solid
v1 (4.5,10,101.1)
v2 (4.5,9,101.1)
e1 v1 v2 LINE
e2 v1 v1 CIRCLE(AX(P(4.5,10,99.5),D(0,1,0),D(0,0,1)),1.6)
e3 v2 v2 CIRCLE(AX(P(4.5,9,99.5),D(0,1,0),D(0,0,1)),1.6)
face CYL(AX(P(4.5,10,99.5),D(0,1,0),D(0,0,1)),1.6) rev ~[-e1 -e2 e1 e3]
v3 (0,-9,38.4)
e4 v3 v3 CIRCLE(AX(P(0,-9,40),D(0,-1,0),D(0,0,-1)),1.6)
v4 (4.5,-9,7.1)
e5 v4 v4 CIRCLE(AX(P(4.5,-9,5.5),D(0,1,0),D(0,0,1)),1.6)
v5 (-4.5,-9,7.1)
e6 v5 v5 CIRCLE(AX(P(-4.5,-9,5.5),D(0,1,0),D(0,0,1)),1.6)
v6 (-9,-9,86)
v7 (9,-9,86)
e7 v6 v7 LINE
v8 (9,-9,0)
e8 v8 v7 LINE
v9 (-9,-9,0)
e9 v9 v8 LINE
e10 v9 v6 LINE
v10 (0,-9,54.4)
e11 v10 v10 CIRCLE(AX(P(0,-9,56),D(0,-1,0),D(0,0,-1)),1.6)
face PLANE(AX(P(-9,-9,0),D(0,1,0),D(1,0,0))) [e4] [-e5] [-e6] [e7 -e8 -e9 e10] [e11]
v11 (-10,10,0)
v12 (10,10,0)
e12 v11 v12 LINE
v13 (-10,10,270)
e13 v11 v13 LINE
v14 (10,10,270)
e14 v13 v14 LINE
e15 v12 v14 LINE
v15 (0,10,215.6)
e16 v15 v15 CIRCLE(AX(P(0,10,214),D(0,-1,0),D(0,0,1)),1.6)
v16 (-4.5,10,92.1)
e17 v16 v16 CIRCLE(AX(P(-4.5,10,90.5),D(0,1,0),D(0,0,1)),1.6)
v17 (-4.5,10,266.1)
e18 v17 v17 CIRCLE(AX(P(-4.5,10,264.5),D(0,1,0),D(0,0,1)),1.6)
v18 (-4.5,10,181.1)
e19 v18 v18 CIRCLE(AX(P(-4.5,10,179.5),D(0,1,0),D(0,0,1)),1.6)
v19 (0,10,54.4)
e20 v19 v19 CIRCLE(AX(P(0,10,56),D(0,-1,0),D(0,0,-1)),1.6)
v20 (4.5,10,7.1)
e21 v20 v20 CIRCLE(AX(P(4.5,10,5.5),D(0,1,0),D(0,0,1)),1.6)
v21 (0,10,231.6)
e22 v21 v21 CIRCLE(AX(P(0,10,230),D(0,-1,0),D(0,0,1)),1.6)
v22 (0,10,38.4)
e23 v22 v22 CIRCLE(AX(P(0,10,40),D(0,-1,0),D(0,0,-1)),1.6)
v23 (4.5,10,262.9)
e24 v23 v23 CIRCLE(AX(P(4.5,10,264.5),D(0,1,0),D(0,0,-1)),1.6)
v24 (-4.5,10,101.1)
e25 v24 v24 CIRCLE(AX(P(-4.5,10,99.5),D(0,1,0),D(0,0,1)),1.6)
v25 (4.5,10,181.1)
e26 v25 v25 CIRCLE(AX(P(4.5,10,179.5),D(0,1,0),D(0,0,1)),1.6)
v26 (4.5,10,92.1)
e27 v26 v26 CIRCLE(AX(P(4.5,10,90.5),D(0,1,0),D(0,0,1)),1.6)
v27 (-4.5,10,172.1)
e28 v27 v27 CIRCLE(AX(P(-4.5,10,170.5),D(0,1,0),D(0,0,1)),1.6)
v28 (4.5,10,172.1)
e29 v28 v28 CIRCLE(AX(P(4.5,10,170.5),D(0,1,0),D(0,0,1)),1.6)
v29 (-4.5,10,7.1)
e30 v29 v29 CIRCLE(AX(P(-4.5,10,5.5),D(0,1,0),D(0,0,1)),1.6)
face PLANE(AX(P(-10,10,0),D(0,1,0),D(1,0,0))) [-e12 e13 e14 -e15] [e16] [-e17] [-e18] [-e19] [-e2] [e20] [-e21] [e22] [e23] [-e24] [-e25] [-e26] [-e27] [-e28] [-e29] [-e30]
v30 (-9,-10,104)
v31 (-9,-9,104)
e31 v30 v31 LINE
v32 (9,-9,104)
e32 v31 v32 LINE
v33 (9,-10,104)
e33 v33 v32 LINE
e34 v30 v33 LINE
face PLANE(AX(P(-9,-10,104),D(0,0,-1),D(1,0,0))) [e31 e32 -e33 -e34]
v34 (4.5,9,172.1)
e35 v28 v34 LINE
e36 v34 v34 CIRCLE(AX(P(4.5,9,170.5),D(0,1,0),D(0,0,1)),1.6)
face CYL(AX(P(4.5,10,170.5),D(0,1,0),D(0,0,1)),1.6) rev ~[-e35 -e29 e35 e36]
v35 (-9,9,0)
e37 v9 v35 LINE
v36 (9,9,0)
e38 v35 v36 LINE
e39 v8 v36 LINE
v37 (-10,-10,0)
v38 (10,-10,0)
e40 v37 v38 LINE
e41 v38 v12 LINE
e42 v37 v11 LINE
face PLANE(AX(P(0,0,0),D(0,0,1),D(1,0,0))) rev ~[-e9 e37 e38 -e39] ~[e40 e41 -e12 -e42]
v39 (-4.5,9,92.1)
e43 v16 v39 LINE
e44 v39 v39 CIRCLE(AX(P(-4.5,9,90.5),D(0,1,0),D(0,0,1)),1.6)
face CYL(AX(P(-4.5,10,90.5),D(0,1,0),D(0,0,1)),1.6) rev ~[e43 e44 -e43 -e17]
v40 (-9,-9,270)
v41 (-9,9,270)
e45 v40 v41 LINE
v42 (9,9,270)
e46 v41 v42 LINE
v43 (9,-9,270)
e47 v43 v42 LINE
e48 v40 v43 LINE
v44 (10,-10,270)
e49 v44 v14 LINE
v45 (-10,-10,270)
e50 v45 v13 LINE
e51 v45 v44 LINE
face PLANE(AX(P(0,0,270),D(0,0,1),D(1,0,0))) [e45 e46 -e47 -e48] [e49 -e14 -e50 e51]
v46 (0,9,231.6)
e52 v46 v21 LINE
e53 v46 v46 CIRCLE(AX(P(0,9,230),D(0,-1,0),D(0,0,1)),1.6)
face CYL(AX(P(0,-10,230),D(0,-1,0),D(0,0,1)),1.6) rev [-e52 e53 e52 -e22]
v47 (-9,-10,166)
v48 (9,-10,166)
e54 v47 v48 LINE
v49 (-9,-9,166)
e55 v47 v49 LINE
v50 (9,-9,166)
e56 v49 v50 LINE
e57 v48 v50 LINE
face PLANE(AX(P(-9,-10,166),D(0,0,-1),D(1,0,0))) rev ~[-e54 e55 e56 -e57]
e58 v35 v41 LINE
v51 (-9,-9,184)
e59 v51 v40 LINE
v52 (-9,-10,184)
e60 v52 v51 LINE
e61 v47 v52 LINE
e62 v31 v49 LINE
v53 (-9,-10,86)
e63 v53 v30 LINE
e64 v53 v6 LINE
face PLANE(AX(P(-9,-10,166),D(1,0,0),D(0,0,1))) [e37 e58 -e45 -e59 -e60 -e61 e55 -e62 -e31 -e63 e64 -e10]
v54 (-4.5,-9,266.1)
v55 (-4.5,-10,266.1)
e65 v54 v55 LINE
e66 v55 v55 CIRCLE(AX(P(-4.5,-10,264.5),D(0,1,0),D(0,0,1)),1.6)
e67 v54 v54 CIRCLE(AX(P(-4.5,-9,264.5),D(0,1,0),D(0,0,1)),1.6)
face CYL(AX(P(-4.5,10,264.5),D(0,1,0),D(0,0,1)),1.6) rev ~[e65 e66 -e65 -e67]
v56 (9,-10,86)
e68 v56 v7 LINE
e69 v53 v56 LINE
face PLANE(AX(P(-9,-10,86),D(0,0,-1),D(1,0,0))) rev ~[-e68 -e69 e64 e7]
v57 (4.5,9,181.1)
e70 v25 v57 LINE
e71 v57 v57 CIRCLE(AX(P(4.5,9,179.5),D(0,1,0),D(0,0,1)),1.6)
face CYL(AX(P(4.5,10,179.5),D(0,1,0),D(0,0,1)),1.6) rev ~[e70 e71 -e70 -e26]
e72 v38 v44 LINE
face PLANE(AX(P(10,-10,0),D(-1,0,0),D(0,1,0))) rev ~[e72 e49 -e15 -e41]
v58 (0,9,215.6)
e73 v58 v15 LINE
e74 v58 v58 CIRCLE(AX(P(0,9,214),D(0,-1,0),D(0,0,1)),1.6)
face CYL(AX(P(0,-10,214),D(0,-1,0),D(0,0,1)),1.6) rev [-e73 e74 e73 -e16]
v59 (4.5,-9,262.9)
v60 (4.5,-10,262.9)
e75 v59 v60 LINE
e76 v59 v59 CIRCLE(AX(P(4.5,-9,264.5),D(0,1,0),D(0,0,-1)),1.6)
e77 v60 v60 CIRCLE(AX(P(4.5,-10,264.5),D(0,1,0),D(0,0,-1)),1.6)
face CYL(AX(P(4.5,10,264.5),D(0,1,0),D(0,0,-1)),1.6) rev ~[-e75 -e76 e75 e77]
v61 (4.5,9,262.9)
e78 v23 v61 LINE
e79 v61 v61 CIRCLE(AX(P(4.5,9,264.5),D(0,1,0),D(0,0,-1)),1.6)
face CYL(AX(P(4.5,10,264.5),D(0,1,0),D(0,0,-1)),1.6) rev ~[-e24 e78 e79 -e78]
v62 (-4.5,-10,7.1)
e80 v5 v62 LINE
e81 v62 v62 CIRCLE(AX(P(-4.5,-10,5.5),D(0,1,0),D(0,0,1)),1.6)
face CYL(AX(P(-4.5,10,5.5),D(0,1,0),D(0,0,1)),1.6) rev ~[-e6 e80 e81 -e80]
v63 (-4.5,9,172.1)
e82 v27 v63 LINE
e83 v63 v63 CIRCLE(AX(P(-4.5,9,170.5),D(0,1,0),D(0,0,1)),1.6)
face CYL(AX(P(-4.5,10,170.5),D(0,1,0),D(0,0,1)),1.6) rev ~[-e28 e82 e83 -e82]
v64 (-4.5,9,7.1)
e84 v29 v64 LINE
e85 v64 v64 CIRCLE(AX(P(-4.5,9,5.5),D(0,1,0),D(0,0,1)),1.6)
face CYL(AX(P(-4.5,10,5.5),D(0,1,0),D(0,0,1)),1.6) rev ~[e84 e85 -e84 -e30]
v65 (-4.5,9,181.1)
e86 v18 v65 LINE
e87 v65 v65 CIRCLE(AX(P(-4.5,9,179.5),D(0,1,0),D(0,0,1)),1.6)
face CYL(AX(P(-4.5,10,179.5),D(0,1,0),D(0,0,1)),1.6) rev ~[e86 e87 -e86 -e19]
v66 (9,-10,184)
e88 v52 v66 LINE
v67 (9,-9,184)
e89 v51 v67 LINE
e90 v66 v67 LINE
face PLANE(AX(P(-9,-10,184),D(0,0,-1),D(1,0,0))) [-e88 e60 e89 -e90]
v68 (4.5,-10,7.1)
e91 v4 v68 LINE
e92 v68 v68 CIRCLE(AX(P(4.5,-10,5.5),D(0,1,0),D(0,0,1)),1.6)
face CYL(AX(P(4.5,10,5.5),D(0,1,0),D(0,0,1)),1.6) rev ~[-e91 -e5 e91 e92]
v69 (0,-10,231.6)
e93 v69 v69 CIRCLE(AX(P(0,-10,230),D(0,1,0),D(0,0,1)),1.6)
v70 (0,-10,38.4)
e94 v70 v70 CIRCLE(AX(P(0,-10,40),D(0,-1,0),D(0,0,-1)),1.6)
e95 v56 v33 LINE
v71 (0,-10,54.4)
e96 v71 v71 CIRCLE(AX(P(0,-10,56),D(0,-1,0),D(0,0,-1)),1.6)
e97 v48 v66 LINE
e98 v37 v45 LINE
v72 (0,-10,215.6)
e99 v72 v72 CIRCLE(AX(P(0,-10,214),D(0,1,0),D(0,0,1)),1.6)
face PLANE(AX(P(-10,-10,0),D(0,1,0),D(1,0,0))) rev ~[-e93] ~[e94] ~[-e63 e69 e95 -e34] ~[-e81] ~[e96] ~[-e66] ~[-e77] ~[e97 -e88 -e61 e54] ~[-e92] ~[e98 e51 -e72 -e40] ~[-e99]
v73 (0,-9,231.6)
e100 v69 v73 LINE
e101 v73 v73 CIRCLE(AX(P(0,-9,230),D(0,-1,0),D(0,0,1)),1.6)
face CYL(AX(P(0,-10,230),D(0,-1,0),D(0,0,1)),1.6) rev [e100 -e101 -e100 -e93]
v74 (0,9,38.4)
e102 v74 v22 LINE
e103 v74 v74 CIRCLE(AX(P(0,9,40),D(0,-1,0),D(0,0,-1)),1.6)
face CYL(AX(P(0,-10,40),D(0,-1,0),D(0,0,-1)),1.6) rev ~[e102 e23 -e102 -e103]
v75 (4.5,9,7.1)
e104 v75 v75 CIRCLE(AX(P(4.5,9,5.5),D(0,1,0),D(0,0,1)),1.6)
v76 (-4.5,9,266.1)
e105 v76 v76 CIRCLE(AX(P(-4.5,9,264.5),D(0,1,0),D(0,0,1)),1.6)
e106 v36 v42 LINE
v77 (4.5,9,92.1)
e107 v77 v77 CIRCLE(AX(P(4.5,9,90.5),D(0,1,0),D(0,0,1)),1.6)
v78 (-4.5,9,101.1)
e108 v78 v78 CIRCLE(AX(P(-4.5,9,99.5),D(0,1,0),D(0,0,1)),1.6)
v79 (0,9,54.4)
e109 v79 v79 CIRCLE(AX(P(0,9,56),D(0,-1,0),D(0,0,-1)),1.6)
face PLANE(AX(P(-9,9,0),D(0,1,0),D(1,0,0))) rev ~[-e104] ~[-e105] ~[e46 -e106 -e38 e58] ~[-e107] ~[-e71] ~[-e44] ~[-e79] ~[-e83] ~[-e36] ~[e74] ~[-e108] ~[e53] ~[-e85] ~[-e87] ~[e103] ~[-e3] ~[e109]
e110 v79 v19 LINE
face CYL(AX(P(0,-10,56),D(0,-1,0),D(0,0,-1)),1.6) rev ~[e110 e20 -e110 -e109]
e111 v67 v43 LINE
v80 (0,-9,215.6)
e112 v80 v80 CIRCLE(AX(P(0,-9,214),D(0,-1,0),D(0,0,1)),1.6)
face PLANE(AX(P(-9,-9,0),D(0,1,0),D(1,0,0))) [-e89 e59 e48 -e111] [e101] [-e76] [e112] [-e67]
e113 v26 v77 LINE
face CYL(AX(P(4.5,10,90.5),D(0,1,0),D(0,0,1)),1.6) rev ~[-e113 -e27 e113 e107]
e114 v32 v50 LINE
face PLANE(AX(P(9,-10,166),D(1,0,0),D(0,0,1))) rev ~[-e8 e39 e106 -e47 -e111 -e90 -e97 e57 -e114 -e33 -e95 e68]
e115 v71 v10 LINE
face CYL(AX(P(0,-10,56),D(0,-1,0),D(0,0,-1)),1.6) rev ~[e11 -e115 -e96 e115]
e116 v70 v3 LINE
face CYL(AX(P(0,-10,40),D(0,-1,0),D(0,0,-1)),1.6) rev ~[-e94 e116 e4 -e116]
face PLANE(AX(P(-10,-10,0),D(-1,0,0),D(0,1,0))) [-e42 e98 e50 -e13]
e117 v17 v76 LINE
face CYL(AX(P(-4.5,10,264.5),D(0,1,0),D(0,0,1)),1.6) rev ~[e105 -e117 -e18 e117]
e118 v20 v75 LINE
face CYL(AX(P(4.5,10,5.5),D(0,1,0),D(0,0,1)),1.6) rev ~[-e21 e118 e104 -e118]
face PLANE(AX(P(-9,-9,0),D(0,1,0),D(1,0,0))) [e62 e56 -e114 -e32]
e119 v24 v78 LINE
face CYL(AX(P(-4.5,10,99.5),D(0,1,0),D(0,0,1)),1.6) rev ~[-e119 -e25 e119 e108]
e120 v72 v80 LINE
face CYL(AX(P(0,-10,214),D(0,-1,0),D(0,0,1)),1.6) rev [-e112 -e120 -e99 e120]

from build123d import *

# Parameters (mm, degrees)
SKETCH_1_W          = 20
SKETCH_1_H          = 20
SKETCH_1_W_2        = 18
SKETCH_1_H_2        = 18
EXTRUDE_1_DEPTH     = 270
SKETCH_2_R          = 1.6
CUT_EXTRUDE_1_DEPTH = 271.924343683
CUT_EXTRUDE_2_REACH = 272.924
SKETCH_3_W          = 18
SKETCH_3_H          = 18
SKETCH_4_R          = 1.6
CUT_EXTRUDE_3_DEPTH = 271.924343683
SKETCH_5_R          = 1.6
CUT_EXTRUDE_4_DEPTH = 271.924343683


with BuildPart() as part:
    # 草图1 → 凸台-拉伸1 (new body)
    with BuildSketch(Plane.XY):
        Rectangle(SKETCH_1_W, SKETCH_1_H)
        Rectangle(SKETCH_1_W_2, SKETCH_1_H_2, mode=Mode.SUBTRACT)
    extrude(amount=EXTRUDE_1_DEPTH)

    # 草图2 → 切除-拉伸1 (cut, through all)
    with BuildSketch(Plane(origin=(0, 10, 0), x_dir=(1, 0, 0), z_dir=(0, 1, 0))):
        with Locations(Location((-4.5, -179.5, 0), (0, 0, 270))):
            Circle(SKETCH_2_R)
        with Locations(Location((4.5, -179.5, 0), (0, 0, 270))):
            Circle(SKETCH_2_R)
        with Locations(Location((4.5, -170.5, 0), (0, 0, 270))):
            Circle(SKETCH_2_R)
        with Locations(Location((-4.5, -170.5, 0), (0, 0, 270))):
            Circle(SKETCH_2_R)
        with Locations(Location((-4.5, -99.5, 0), (0, 0, 270))):
            Circle(SKETCH_2_R)
        with Locations(Location((4.5, -90.5, 0), (0, 0, 270))):
            Circle(SKETCH_2_R)
        with Locations(Location((4.5, -99.5, 0), (0, 0, 270))):
            Circle(SKETCH_2_R)
        with Locations(Location((-4.5, -90.5, 0), (0, 0, 270))):
            Circle(SKETCH_2_R)
    extrude(amount=-CUT_EXTRUDE_1_DEPTH, mode=Mode.SUBTRACT)

    # 草图3 → 切除-拉伸2 (cut, up to next)
    with BuildSketch(Plane.XZ.offset(10), mode=Mode.PRIVATE) as cut_extrude_2_sk1:
        with Locations((0, 175)):
            Rectangle(SKETCH_3_W, SKETCH_3_H)
    cut_extrude_2_tool1 = extrude(cut_extrude_2_sk1.sketch, amount=-CUT_EXTRUDE_2_REACH, mode=Mode.PRIVATE) & part.part
    # 草图3 → 切除-拉伸2 (cut, up to next)
    with BuildSketch(Plane.XZ.offset(10), mode=Mode.PRIVATE) as cut_extrude_2_sk2:
        with Locations((0, 95)):
            Rectangle(SKETCH_3_W, SKETCH_3_H)
    cut_extrude_2_tool2 = extrude(cut_extrude_2_sk2.sketch, amount=-CUT_EXTRUDE_2_REACH, mode=Mode.PRIVATE) & part.part
    add(cut_extrude_2_tool1.solids().sort_by_distance((0, -10, 175))[0], mode=Mode.SUBTRACT)
    add(cut_extrude_2_tool2.solids().sort_by_distance((0, -10, 95))[0], mode=Mode.SUBTRACT)

    # 草图4 → 切除-拉伸3 (cut, through all)
    with BuildSketch(Plane(origin=(0, 10, 0), x_dir=(1, 0, 0), z_dir=(0, 1, 0))):
        with Locations(Location((-4.5, -5.5, 0), (0, 0, 270))):
            Circle(SKETCH_4_R)
        with Locations(Location((4.5, -5.5, 0), (0, 0, 270))):
            Circle(SKETCH_4_R)
        with Locations(Location((-4.5, -264.5, 0), (0, 0, 270))):
            Circle(SKETCH_4_R)
        with Locations(Location((4.5, -264.5, 0), (0, 0, 90))):
            Circle(SKETCH_4_R)
    extrude(amount=-CUT_EXTRUDE_3_DEPTH, mode=Mode.SUBTRACT)

    # 草图5 → 切除-拉伸4 (cut, through all)
    with BuildSketch(Plane.XZ.offset(10)):
        with Locations(Location((0, 56, 0), (0, 0, 270))):
            Circle(SKETCH_5_R)
        with Locations(Location((0, 40, 0), (0, 0, 270))):
            Circle(SKETCH_5_R)
    cut_extrude_4 = extrude(amount=-CUT_EXTRUDE_4_DEPTH, mode=Mode.SUBTRACT)

    # 镜向1: 切除-拉伸4 across plane
    add(cut_extrude_4.mirror(Plane(origin=(0, 0, 135), x_dir=(1, 0, 0), z_dir=(0, 0, -1))), mode=Mode.SUBTRACT)


solid = part.part
